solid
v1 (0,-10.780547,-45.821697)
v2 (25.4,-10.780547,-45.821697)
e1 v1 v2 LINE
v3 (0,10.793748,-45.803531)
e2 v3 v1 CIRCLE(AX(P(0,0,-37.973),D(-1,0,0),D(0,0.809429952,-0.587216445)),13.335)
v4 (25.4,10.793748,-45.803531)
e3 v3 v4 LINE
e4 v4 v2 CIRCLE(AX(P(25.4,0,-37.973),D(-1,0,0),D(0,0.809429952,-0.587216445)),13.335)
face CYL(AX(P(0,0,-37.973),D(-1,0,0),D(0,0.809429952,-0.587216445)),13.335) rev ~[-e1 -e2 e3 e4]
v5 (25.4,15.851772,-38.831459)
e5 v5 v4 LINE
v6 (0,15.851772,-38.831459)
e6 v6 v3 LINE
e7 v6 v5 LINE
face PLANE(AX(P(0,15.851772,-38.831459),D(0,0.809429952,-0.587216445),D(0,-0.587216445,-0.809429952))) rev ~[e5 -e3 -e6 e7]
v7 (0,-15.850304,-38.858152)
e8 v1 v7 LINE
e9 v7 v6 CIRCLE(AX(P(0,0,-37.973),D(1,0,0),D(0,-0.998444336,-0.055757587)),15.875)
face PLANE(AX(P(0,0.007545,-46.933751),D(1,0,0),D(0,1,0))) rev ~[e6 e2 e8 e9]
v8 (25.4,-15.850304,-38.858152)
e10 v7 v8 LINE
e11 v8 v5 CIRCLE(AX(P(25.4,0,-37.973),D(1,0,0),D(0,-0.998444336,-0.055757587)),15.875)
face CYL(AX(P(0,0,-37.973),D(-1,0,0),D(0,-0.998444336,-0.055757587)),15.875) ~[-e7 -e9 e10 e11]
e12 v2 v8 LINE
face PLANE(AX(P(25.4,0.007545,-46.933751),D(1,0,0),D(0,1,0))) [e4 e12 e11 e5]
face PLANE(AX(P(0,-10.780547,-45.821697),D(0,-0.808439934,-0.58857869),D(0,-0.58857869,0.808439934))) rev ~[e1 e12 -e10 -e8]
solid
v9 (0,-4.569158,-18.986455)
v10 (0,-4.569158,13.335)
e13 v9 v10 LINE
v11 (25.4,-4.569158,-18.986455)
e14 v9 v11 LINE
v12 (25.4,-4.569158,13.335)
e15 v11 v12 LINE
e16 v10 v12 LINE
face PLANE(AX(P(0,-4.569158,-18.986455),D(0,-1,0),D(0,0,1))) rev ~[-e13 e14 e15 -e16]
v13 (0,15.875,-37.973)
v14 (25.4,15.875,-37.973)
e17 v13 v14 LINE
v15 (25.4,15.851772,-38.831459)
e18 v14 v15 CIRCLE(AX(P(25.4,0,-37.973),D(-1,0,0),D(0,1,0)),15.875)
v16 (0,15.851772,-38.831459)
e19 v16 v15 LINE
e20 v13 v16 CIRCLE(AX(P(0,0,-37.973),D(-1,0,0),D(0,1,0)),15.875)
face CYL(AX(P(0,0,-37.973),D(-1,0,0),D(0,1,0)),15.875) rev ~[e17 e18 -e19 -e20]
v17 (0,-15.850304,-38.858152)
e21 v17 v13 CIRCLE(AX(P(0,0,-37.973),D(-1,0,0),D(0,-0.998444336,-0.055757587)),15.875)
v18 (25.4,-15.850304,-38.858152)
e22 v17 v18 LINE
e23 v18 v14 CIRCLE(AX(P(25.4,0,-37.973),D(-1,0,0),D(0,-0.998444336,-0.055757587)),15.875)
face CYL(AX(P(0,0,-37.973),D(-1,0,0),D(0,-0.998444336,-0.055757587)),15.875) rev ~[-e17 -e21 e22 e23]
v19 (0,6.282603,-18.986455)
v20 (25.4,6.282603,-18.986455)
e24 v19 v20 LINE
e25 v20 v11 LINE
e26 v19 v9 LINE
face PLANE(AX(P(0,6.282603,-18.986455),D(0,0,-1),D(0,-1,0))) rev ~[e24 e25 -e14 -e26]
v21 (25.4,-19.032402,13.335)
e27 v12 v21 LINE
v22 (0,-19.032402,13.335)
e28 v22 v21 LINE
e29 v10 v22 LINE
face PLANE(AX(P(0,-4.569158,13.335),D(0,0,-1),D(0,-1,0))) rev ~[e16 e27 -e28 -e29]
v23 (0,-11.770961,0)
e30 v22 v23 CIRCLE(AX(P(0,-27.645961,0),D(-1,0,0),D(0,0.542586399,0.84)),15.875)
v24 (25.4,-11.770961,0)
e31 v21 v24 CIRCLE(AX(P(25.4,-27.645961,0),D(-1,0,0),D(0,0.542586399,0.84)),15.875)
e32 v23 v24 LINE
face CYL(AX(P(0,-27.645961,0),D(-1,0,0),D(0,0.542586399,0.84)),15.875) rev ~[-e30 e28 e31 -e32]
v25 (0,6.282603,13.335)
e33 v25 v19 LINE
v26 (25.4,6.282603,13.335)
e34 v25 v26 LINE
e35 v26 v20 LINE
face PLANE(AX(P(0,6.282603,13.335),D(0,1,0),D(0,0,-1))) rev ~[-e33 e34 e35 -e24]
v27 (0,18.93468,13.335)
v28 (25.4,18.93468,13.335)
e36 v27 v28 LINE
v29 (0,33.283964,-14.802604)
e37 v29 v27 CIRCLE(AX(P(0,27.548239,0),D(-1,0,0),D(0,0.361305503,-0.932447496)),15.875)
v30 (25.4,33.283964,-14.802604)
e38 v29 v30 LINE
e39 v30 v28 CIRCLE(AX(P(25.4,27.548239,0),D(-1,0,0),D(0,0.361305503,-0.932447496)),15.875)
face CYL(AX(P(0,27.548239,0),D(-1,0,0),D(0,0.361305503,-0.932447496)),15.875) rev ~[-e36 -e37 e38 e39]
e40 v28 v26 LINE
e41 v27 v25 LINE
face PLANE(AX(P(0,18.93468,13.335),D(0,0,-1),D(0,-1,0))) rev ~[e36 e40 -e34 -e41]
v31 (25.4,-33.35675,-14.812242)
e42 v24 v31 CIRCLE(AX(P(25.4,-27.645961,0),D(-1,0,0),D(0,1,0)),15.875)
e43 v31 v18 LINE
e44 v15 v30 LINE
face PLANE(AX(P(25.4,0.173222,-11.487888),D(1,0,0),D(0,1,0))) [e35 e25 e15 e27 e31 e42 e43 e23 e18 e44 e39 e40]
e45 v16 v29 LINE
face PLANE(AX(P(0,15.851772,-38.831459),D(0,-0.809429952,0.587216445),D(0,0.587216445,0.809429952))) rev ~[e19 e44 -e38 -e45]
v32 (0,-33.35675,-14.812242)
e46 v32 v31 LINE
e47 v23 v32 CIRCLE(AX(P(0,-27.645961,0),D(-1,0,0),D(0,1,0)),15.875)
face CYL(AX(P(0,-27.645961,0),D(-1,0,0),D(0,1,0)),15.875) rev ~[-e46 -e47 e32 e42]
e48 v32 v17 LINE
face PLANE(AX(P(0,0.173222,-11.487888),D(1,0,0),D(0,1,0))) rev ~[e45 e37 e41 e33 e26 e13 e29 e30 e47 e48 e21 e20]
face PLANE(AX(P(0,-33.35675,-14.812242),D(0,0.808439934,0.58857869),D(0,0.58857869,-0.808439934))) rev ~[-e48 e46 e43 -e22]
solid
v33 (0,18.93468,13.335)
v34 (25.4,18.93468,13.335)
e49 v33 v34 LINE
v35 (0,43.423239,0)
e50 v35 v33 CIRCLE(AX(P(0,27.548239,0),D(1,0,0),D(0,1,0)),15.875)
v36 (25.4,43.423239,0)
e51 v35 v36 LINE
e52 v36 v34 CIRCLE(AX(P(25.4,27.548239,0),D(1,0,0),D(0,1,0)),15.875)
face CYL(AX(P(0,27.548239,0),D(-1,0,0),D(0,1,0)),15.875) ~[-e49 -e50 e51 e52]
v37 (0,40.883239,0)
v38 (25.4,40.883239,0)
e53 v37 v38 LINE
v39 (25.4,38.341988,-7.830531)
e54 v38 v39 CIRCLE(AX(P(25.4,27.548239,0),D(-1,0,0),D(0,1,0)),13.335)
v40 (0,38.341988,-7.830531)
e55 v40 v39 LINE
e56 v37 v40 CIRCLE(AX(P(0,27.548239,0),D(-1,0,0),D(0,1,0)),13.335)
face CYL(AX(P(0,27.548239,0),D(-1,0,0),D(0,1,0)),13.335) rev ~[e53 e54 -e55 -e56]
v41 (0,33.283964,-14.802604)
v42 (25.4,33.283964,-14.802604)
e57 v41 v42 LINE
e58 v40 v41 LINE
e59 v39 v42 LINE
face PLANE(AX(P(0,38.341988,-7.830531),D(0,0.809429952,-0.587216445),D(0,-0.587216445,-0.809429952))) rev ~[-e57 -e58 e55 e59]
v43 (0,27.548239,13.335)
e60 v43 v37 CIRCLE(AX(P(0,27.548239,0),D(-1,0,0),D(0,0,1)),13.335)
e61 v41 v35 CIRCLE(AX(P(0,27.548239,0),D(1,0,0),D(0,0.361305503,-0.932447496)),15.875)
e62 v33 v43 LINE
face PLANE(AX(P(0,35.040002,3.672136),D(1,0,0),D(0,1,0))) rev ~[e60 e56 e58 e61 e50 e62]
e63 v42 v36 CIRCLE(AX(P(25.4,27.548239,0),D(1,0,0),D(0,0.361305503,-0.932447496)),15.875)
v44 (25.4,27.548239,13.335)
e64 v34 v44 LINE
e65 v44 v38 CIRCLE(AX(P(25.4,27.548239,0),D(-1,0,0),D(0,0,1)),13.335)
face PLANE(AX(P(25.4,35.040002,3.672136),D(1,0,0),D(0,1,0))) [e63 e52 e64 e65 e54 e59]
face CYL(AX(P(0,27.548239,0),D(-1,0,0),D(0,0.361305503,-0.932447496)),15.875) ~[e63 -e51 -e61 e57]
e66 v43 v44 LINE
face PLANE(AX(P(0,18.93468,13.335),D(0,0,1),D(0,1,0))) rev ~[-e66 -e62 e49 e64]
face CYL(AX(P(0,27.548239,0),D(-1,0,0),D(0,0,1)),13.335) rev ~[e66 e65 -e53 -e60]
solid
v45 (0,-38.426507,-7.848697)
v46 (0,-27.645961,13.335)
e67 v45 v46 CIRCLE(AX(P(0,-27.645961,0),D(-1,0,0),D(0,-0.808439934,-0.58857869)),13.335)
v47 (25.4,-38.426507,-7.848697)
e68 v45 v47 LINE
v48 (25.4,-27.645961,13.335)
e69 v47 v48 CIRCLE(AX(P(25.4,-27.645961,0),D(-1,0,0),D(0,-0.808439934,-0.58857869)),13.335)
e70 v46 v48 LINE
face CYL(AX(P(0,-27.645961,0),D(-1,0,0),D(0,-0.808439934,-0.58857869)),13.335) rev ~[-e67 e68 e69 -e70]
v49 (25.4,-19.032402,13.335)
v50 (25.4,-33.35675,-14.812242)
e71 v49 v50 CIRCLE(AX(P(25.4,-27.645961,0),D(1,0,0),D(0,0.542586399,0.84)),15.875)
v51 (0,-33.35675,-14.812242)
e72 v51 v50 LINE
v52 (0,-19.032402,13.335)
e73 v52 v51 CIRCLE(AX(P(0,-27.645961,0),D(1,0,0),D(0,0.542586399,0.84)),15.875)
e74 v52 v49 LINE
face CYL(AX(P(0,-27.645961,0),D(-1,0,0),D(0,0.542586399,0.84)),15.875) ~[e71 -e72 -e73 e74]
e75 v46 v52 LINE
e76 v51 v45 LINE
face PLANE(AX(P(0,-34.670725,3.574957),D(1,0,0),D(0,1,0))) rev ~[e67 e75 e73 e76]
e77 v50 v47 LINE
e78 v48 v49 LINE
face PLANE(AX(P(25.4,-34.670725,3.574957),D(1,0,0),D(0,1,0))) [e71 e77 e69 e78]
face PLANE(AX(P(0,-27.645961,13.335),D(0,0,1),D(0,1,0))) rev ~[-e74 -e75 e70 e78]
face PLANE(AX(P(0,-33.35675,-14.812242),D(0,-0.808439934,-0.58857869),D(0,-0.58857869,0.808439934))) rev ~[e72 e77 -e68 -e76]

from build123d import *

# Parameters (mm, degrees)
F1_DEPTH = 25.4


with BuildPart() as f1:
    # F0 (on Right) → F1 (new body)
    with BuildSketch(Plane.YZ):
        with BuildLine():
            Line((-4.5691584237, 13.335), (-19.0324015576, 13.335))
            ThreePointArc((-19.0324015576, 13.335), (-13.7040117879, 7.5919488482), (-11.7709606361, 0))
            ThreePointArc((-11.7709606361, 0), (-18.663843779, -13.0895837125), (-33.3567498349, -14.8122419548))
            Line((-33.3567498349, -14.8122419548), (-15.8503038291, -38.8581516965))
            ThreePointArc((-15.8503038291, -38.8581516965), (-0.4427480736, -22.1041752438), (15.875, -37.973))
            ThreePointArc((15.875, -37.973), (15.8691919243, -38.4023863878), (15.8517719471, -38.8314585824))
            Line((15.8517719471, -38.8314585824), (33.2839642315, -14.8026040021))
            ThreePointArc((33.2839642315, -14.8026040021), (13.4060446197, -7.21206994), (18.9346802853, 13.335))
            Line((18.9346802853, 13.335), (6.2826029025, 13.335))
            Line((6.2826029025, 13.335), (6.2826029025, -18.9864552424))
            Line((6.2826029025, -18.9864552424), (-4.5691584237, -18.9864552424))
            Line((-4.5691584237, -18.9864552424), (-4.5691584237, 13.335))
        make_face()
    extrude(amount=F1_DEPTH)


with BuildPart() as f1b:
    # F0 (on Right) → F1, piece 2 (new body)
    with BuildSketch(Plane.YZ):
        with BuildLine():
            Line((-10.7805465139, -45.8216968256), (-15.8503038291, -38.8581516965))
            ThreePointArc((-15.8503038291, -38.8581516965), (0.0133667284, -53.8479943726), (15.8517719471, -38.8314585824))
            Line((15.8517719471, -38.8314585824), (10.7937484074, -45.8035312922))
            ThreePointArc((10.7937484074, -45.8035312922), (0.0112280519, -51.307995273), (-10.7805465139, -45.8216968256))
        make_face()
    extrude(amount=F1_DEPTH)


with BuildPart() as f1c:
    # F0 (on Right) → F1, piece 3 (new body)
    with BuildSketch(Plane.YZ):
        with BuildLine():
            ThreePointArc((-38.4265071501, -7.8486968256), (-39.5305009548, 6.0481341267), (-27.6459606361, 13.335))
            Line((-27.6459606361, 13.335), (-19.0324015576, 13.335))
            ThreePointArc((-19.0324015576, 13.335), (-41.7942229202, 7.2001596747), (-33.3567498349, -14.8122419548))
            Line((-33.3567498349, -14.8122419548), (-38.4265071501, -7.8486968256))
        make_face()
    extrude(amount=F1_DEPTH)


with BuildPart() as f1d:
    # F0 (on Right) → F1, piece 4 (new body)
    with BuildSketch(Plane.YZ):
        with BuildLine():
            ThreePointArc((43.4232393639, 0), (35.1401882121, 13.9419488482), (18.9346802853, 13.335))
            Line((18.9346802853, 13.335), (27.5482393639, 13.335))
            ThreePointArc((27.5482393639, 13.335), (36.977508291, 9.4292689271), (40.8832393639, 0))
            ThreePointArc((40.8832393639, 0), (40.2320254708, -4.1162841245), (38.3419877712, -7.8305312922))
            Line((38.3419877712, -7.8305312922), (33.2839642315, -14.8026040021))
            ThreePointArc((33.2839642315, -14.8026040021), (40.6453813665, -8.9710922614), (43.4232393639, 0))
        make_face()
    extrude(amount=F1_DEPTH)


solid = Compound([f1.part, f1b.part, f1c.part, f1d.part])
